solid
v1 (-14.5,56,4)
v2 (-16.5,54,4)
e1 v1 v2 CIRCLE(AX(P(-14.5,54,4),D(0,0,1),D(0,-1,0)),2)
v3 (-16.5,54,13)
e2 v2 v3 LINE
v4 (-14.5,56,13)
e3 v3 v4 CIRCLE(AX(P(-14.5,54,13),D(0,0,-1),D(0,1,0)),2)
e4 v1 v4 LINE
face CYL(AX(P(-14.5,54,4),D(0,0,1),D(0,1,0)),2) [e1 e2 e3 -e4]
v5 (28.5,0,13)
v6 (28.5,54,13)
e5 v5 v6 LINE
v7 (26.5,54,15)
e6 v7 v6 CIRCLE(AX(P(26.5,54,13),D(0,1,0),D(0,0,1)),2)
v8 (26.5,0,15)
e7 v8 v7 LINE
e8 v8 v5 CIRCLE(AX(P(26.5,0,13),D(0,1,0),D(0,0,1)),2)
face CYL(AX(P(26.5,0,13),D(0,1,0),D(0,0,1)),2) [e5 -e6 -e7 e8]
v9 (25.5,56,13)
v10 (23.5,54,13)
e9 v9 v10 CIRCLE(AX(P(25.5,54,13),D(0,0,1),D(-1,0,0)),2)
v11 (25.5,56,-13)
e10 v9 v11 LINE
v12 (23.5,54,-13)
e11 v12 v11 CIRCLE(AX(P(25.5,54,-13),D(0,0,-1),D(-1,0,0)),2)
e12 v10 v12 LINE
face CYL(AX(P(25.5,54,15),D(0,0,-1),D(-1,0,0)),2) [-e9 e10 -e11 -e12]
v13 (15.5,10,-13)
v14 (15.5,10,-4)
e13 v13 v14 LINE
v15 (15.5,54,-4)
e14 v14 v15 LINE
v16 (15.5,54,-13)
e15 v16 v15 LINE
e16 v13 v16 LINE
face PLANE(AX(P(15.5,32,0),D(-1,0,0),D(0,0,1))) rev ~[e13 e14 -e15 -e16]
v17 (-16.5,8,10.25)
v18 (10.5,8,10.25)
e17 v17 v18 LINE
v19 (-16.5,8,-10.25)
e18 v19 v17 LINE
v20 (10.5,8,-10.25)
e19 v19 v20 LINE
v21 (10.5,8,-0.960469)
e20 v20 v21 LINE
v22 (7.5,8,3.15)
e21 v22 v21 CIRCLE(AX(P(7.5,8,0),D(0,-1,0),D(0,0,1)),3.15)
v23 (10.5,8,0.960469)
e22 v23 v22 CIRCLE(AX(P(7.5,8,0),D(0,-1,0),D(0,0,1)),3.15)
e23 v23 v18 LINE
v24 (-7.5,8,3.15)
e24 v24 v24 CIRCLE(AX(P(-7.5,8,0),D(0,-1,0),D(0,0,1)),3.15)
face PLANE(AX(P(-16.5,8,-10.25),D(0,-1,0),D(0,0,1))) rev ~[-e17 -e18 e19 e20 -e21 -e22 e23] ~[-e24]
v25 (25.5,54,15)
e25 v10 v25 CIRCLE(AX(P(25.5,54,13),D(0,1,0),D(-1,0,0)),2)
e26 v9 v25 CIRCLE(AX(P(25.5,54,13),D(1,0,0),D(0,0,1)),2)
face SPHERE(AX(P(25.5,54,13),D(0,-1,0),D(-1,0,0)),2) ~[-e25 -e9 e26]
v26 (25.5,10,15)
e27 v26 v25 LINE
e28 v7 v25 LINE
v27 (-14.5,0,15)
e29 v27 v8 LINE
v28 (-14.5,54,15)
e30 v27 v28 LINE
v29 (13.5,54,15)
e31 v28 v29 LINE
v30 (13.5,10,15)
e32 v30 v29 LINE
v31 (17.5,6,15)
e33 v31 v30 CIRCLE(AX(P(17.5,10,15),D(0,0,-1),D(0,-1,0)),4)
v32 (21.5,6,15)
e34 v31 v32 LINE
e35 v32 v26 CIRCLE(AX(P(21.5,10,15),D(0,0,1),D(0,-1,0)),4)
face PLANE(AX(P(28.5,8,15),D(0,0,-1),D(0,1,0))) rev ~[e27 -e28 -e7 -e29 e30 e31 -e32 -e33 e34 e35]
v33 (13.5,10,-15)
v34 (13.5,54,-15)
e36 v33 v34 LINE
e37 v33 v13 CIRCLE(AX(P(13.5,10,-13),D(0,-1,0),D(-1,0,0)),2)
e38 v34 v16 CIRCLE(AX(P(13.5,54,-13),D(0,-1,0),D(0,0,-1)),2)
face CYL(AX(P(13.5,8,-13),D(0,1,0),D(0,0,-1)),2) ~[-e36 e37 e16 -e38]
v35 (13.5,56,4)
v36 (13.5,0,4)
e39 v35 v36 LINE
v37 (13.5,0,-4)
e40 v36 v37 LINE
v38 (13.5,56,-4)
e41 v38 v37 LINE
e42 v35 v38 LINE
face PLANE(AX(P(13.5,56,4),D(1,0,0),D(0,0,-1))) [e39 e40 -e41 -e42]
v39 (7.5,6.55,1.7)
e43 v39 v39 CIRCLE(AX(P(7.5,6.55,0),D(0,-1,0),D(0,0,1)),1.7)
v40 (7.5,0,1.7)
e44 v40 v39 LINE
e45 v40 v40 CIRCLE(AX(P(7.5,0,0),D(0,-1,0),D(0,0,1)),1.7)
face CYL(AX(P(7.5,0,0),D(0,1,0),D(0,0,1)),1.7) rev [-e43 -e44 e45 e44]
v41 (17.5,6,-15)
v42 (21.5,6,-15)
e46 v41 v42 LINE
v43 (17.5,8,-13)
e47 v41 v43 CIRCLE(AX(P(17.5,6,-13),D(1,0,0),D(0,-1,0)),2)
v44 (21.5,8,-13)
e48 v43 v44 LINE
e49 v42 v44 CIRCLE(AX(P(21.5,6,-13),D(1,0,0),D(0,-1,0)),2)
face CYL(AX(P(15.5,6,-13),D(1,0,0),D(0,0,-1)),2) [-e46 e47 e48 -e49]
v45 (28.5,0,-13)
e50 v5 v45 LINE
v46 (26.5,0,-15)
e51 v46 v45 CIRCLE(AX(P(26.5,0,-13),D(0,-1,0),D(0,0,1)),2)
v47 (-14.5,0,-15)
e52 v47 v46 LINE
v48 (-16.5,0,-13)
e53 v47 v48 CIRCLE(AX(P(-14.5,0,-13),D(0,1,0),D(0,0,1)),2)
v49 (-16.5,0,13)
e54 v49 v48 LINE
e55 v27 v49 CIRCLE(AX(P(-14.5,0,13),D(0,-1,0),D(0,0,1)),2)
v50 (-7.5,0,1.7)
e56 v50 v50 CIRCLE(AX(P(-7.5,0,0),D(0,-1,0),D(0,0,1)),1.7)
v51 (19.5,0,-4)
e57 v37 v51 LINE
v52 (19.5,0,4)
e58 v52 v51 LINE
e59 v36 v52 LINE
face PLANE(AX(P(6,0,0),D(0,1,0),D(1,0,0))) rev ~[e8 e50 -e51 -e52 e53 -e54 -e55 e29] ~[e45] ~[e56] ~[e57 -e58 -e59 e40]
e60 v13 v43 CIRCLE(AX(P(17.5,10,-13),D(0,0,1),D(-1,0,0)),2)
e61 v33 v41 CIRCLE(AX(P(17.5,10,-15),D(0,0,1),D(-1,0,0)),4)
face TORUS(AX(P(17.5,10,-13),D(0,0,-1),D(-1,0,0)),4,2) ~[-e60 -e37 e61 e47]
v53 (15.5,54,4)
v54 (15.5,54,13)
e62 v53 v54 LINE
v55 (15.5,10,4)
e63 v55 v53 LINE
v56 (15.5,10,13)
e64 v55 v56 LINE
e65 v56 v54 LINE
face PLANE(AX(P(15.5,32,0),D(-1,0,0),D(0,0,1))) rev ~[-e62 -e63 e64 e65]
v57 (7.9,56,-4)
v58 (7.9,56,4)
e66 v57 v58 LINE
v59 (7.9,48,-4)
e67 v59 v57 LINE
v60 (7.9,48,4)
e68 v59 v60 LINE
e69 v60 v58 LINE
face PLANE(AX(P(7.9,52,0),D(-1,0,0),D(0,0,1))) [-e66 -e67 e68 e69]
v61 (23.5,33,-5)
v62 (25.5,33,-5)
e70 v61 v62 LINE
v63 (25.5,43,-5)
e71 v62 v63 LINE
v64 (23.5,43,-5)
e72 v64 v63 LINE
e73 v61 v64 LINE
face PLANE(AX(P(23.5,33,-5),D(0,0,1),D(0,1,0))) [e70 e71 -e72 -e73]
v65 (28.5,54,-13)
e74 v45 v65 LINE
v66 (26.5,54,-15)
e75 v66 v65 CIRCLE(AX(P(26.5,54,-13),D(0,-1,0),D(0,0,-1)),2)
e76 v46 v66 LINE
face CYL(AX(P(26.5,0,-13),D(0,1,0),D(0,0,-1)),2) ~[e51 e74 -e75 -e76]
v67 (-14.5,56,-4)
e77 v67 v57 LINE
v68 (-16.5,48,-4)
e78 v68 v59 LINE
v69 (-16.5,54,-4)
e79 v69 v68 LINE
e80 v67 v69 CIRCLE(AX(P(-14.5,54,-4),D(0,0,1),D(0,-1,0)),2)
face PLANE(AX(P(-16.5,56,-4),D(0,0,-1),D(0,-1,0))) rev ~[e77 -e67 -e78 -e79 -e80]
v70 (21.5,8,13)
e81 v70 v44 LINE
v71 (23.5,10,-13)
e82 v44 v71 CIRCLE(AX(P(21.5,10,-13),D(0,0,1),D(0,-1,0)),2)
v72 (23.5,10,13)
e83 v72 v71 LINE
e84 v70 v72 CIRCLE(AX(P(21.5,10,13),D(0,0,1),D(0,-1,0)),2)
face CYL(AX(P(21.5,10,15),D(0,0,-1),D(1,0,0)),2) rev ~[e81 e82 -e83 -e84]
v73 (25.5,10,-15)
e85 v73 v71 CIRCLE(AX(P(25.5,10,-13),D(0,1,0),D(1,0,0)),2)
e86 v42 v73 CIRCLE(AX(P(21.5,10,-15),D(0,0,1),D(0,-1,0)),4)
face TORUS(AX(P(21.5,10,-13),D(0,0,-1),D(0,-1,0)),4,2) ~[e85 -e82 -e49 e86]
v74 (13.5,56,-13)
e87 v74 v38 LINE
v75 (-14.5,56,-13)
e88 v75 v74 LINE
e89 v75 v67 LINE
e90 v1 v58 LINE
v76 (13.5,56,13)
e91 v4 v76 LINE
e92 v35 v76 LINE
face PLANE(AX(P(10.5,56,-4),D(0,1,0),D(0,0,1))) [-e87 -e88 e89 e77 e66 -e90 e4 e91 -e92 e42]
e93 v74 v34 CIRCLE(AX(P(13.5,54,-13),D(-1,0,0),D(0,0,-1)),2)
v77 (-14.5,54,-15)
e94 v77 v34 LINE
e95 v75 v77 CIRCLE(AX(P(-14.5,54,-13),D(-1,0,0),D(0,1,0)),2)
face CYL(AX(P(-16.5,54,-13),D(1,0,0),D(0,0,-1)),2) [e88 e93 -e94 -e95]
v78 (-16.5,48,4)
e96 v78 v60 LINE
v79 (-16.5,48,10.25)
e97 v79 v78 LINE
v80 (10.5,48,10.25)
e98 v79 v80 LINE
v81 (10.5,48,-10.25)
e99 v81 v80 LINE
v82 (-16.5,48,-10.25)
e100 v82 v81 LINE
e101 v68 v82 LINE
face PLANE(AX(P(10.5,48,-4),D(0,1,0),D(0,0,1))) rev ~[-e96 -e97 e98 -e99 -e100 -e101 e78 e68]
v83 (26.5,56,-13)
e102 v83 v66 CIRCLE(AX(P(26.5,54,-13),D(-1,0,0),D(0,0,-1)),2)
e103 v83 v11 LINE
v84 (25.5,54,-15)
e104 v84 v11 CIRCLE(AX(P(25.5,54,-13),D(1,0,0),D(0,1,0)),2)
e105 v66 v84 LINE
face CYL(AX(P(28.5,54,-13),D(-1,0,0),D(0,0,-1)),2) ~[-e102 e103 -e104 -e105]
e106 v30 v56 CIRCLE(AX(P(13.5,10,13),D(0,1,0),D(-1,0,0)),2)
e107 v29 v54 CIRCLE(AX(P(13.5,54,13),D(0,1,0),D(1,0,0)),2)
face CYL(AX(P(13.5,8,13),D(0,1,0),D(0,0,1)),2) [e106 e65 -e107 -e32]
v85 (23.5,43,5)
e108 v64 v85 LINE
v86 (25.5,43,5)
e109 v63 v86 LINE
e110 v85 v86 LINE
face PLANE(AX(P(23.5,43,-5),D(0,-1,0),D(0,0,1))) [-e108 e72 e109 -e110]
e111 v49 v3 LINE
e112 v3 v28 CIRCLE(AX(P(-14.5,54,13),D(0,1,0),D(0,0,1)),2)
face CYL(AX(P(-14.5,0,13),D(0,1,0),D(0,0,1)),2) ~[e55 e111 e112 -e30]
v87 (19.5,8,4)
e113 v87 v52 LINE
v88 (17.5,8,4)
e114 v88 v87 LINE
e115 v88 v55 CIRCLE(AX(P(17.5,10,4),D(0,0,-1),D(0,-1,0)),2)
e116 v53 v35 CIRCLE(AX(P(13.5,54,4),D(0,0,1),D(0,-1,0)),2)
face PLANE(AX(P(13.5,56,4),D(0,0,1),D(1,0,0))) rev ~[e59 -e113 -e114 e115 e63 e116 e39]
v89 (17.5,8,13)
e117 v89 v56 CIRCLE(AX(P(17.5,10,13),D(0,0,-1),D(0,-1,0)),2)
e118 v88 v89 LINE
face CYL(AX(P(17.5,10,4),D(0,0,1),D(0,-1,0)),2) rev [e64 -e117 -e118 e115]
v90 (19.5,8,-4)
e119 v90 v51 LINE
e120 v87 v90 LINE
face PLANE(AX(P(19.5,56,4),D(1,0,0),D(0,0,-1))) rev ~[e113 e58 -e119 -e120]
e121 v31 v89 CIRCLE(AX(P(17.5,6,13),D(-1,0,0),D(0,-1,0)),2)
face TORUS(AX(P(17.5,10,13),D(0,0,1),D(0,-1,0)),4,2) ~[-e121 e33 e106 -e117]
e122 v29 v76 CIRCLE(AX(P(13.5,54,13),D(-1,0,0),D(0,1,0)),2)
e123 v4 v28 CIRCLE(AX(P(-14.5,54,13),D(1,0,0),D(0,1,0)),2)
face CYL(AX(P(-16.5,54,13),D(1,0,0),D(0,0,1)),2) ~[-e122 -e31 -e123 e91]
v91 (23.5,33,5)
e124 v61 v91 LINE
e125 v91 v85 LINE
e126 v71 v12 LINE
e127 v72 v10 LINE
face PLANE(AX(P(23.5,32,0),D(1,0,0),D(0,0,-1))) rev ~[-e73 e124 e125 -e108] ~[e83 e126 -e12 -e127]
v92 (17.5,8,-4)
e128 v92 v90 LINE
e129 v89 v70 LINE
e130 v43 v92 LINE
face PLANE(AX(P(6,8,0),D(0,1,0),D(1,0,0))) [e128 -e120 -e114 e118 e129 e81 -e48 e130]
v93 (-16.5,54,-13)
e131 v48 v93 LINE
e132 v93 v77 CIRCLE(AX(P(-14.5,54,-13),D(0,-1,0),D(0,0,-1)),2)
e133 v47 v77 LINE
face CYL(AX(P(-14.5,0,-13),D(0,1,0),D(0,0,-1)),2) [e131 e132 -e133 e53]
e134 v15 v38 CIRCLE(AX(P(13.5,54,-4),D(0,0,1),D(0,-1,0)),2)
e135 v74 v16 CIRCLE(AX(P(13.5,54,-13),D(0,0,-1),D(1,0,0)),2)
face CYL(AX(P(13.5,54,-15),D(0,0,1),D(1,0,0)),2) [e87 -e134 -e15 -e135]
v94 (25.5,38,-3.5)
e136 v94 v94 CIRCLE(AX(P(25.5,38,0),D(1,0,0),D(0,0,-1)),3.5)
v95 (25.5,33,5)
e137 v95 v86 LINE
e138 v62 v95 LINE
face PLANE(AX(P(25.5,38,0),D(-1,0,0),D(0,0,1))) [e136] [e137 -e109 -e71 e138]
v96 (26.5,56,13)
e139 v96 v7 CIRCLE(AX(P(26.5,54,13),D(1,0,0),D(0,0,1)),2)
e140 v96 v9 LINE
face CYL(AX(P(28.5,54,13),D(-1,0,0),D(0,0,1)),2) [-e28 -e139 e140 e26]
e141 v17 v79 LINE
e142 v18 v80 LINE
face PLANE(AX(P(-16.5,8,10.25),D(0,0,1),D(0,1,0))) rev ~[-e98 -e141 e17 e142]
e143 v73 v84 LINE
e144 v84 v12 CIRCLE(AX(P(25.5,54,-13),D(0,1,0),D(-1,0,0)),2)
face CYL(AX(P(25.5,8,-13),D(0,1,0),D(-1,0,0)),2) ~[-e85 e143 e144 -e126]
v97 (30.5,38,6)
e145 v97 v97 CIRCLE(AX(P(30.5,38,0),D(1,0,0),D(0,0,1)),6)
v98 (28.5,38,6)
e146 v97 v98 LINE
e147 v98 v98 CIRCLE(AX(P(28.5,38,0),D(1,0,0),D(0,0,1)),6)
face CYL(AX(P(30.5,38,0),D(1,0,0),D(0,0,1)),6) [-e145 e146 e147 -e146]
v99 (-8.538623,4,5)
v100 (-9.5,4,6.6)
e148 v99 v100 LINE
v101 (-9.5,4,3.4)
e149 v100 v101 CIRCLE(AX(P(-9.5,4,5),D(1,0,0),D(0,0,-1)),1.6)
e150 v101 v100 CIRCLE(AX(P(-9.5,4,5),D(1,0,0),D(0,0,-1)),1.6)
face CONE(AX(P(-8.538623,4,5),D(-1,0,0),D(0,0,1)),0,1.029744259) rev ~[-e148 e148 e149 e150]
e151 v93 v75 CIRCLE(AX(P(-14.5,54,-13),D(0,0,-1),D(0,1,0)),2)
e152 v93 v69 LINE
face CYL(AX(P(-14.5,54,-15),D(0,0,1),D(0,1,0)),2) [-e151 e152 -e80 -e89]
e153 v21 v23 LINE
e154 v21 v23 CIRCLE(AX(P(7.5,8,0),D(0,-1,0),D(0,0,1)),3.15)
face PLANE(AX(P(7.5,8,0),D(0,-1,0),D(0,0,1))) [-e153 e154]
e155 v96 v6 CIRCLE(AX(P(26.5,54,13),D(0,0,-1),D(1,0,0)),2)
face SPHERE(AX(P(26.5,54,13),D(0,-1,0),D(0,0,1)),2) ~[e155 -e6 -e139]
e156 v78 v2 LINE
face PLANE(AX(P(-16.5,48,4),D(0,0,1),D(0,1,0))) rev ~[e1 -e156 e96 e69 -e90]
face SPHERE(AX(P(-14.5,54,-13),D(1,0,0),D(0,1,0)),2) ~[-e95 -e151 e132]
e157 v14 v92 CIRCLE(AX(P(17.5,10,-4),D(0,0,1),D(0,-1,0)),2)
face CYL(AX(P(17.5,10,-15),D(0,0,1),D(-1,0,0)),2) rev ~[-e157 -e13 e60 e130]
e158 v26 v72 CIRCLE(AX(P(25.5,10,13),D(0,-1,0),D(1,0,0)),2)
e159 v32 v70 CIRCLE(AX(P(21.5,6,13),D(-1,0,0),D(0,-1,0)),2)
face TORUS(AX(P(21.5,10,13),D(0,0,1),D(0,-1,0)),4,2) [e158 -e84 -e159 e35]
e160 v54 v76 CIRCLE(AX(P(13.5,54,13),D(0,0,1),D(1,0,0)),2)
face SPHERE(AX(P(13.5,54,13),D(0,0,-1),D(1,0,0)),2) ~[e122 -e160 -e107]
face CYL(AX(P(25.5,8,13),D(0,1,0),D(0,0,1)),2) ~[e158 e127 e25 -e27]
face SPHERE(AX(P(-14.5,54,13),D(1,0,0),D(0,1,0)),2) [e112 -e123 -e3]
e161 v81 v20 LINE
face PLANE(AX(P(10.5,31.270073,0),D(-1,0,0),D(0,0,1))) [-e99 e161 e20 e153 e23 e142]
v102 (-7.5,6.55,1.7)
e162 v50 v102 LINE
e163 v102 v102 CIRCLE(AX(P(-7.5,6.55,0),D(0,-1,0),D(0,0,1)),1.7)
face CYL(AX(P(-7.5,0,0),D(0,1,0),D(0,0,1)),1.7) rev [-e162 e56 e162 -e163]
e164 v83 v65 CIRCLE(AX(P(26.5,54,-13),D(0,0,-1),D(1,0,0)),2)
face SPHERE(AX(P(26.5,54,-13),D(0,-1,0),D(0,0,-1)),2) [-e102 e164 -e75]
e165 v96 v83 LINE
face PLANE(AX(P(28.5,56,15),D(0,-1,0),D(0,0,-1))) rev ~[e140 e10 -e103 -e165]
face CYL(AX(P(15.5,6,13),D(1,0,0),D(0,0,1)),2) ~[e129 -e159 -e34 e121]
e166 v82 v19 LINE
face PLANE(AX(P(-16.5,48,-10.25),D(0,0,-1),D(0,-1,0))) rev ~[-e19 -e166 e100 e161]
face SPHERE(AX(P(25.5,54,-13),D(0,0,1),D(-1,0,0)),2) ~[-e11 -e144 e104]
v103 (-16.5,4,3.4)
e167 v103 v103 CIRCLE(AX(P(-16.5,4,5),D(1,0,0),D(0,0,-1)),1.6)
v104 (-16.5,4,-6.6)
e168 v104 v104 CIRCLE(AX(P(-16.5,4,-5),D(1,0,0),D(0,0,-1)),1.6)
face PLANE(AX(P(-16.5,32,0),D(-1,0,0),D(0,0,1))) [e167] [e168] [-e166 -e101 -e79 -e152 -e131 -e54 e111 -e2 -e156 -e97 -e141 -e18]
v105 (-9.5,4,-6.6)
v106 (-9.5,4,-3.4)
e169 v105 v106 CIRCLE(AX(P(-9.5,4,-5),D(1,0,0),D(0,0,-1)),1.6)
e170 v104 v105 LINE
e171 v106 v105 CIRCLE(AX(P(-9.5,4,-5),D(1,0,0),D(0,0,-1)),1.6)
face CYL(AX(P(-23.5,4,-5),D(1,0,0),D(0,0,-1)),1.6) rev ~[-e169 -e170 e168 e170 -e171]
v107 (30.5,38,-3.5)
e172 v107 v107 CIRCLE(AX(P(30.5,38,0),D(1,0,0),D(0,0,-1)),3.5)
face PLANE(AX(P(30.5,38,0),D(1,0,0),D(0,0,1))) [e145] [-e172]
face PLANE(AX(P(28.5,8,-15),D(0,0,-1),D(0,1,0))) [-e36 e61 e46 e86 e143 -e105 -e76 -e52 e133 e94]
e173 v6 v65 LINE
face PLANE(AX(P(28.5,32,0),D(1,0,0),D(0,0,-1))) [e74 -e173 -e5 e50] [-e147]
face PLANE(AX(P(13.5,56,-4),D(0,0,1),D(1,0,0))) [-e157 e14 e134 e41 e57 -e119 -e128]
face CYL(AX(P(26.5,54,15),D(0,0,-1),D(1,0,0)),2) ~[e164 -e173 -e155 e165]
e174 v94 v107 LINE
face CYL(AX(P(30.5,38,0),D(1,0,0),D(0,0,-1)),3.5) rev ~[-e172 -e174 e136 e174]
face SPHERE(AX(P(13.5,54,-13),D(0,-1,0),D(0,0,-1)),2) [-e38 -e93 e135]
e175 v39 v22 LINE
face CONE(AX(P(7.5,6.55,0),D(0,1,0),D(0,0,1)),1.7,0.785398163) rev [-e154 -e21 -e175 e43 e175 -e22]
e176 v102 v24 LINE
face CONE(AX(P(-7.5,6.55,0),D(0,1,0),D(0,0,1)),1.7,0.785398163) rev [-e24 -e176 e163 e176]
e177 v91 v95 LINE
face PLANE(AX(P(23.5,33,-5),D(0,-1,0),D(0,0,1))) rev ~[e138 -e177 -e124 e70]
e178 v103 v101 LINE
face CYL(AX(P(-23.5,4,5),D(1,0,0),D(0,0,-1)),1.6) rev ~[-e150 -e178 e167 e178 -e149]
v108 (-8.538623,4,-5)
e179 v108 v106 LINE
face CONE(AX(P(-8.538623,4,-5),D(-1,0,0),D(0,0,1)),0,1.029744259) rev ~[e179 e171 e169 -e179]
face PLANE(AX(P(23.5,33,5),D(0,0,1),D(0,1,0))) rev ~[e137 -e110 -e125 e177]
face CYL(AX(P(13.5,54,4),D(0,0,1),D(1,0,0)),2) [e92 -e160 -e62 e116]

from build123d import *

# Parameters (mm, degrees)
ESQUISSE1_W                                 = 45
ESQUISSE1_H                                 = 30
BOSS_EXTRU_1_DEPTH                          = 8
ESQUISSE5_W                                 = 30
ESQUISSE5_H                                 = 48
BOSS_EXTRU_3_DEPTH                          = 32
ENL_V_MAT_EXTRU_1_DEPTH                     = 27
ESQUISSE14_W                                = 6
ESQUISSE14_H                                = 8
ENL_V_MAT_EXTRU_2_DEPTH                     = 65.600696591
D_GAGEMENT_M31_D                            = 3.2
D_GAGEMENT_M31_DEPTH                        = 7
D_GAGEMENT_M31_TIP                          = 0.96137699
ESQUISSE16_W                                = 30
ESQUISSE16_H                                = 48
ESQUISSE16_R                                = 3.5
BOSS_EXTRU_4_DEPTH                          = 5
CONG_1_R                                    = 2
ESQUISSE17_W                                = 10
ESQUISSE17_H                                = 10
ENL_V_MAT_EXTRU_3_DEPTH                     = 2
BOSS_EXTRU_5_START                          = 2
ESQUISSE18_R                                = 6
ESQUISSE18_R_2                              = 3.5
BOSS_EXTRU_5_DEPTH                          = 2
FRAISAGE_POUR_VIS_T_TE_FRAIS_E_M31_AT_COUNT = 2
FRAISAGE_POUR_VIS_T_TE_FRAIS_E_M31_AT_PITCH = 15
ESQUISSE24_W                                = 8
ESQUISSE24_H                                = 8
BOSS_EXTRU_6_DEPTH                          = 2.6


with BuildPart() as part:
    # Esquisse1 → Boss.-Extru.1 (new body)
    with BuildSketch(Plane(origin=(0, 0, 0), x_dir=(1, 0, 0), z_dir=(0, 1, 0))):
        with Locations((6, 0)):
            Rectangle(ESQUISSE1_W, ESQUISSE1_H)
    extrude(amount=BOSS_EXTRU_1_DEPTH)

    # Esquisse5 → Boss.-Extru.3 (add)
    with BuildSketch(Plane.ZY.offset(16.5)):
        with Locations((0, 32)):
            Rectangle(ESQUISSE5_W, ESQUISSE5_H)
    extrude(amount=-BOSS_EXTRU_3_DEPTH)

    # Esquisse6 → Enlèv. mat.-Extru.1 (cut)
    with BuildSketch(Plane.ZY.offset(16.5)):
        Polygon((10.25, 48), (4, 48), (4, 56), (-4, 56), (-4, 48), (-10.25, 48), (-10.25, 8), (10.25, 8), align=None)
    extrude(amount=-ENL_V_MAT_EXTRU_1_DEPTH, mode=Mode.SUBTRACT)

    # Esquisse14 → Enlèv. mat.-Extru.2 (cut, through all)
    with BuildSketch(Plane(origin=(0, 56, 0), x_dir=(1, 0, 0), z_dir=(0, 1, 0))):
        with Locations((16.5, 0)):
            Rectangle(ESQUISSE14_W, ESQUISSE14_H)
    extrude(amount=-ENL_V_MAT_EXTRU_2_DEPTH, mode=Mode.SUBTRACT)

    # Dégagement M31
    with Locations(Plane.ZY.offset(16.5)):
        with Locations((5, 4), (-5, 4)):
            Hole(D_GAGEMENT_M31_D / 2, depth=D_GAGEMENT_M31_DEPTH)
            with Locations((0, 0, -(D_GAGEMENT_M31_DEPTH + D_GAGEMENT_M31_TIP / 2))):  # 118° drill point
                Cone(0, D_GAGEMENT_M31_D / 2, D_GAGEMENT_M31_TIP, mode=Mode.SUBTRACT)

    # Esquisse16 → Boss.-Extru.4 (add)
    with BuildSketch(Plane(origin=(28.5, 0, 0), x_dir=(0, 0, -1), z_dir=(1, 0, 0))):
        with Locations((0, 32)):
            Rectangle(ESQUISSE16_W, ESQUISSE16_H)
        with Locations((0, 38)):
            Circle(ESQUISSE16_R, mode=Mode.SUBTRACT)
    extrude(amount=-BOSS_EXTRU_4_DEPTH)

    # Congé1
    cong_1_edges = [part.edges().sort_by_distance(p)[0] for p in [
        (19.5, 8, -15),
        (19.5, 8, 15),
        (28.5, 28, 15),
        (28.5, 28, -15),
        (-16.5, 28, 15),
        (-16.5, 28, -15),
        (-16.5, 56, -9.5),
        (-16.5, 56, 9.5),
        (15.5, 8, -9.5),
        (15.5, 8, 9.5),
        (-0.5, 56, -15),
        (15.5, 32, -15),
        (-0.5, 56, 15),
        (15.5, 32, 15),
        (15.5, 56, -9.5),
        (15.5, 56, 9.5),
        (26, 56, 15),
        (23.5, 56, 0),
        (26, 56, -15),
        (28.5, 56, 0),
        (23.5, 8, 0),
        (23.5, 32, -15),
        (23.5, 32, 15),
    ]]
    fillet(cong_1_edges, radius=CONG_1_R)

    # Esquisse17 → Enlèv. mat.-Extru.3 (cut)
    with BuildSketch(Plane.ZY.offset(-23.5)):
        with Locations((0, 38)):
            Rectangle(ESQUISSE17_W, ESQUISSE17_H)
    extrude(amount=-ENL_V_MAT_EXTRU_3_DEPTH, mode=Mode.SUBTRACT)

    # Esquisse18 → Boss.-Extru.5 (add)
    with BuildSketch(Plane(origin=(28.5, 0, 0), x_dir=(0, 0, -1), z_dir=(1, 0, 0)).offset(BOSS_EXTRU_5_START)):
        with Locations((0, 38)):
            Circle(ESQUISSE18_R)
        with Locations((0, 38)):
            Circle(ESQUISSE18_R_2, mode=Mode.SUBTRACT)
    extrude(amount=-BOSS_EXTRU_5_DEPTH)

    # Esquisse23 → Fraisage pour vis à tête fraisée M31 (revolve, cut)
    with BuildSketch(Plane(origin=(-7.5, 8, 0), x_dir=(0, 0, 1), z_dir=(1, 0, 0))):
        Polygon((0, 0), (0, 8), (1.7, 8), (1.7, 1.45), (3.15, 0), align=None)
    fraisage_pour_vis_t_te_frais_e_m31 = revolve(axis=Axis((-7.5, 14.35, 0), (0, -1, 0)), mode=Mode.SUBTRACT)

    # Fraisage pour vis à tête fraisée M31 at: Fraisage pour vis à tête fraisée M31 ×2
    with Locations(*[(i * FRAISAGE_POUR_VIS_T_TE_FRAIS_E_M31_AT_PITCH, 0, 0) for i in range(1, FRAISAGE_POUR_VIS_T_TE_FRAIS_E_M31_AT_COUNT)]):
        add(fraisage_pour_vis_t_te_frais_e_m31, mode=Mode.SUBTRACT)

    # Esquisse24 → Boss.-Extru.6 (add)
    with BuildSketch(Plane.ZY.offset(-10.5)):
        with Locations((0, 52)):
            Rectangle(ESQUISSE24_W, ESQUISSE24_H)
    extrude(amount=BOSS_EXTRU_6_DEPTH)


solid = part.part
